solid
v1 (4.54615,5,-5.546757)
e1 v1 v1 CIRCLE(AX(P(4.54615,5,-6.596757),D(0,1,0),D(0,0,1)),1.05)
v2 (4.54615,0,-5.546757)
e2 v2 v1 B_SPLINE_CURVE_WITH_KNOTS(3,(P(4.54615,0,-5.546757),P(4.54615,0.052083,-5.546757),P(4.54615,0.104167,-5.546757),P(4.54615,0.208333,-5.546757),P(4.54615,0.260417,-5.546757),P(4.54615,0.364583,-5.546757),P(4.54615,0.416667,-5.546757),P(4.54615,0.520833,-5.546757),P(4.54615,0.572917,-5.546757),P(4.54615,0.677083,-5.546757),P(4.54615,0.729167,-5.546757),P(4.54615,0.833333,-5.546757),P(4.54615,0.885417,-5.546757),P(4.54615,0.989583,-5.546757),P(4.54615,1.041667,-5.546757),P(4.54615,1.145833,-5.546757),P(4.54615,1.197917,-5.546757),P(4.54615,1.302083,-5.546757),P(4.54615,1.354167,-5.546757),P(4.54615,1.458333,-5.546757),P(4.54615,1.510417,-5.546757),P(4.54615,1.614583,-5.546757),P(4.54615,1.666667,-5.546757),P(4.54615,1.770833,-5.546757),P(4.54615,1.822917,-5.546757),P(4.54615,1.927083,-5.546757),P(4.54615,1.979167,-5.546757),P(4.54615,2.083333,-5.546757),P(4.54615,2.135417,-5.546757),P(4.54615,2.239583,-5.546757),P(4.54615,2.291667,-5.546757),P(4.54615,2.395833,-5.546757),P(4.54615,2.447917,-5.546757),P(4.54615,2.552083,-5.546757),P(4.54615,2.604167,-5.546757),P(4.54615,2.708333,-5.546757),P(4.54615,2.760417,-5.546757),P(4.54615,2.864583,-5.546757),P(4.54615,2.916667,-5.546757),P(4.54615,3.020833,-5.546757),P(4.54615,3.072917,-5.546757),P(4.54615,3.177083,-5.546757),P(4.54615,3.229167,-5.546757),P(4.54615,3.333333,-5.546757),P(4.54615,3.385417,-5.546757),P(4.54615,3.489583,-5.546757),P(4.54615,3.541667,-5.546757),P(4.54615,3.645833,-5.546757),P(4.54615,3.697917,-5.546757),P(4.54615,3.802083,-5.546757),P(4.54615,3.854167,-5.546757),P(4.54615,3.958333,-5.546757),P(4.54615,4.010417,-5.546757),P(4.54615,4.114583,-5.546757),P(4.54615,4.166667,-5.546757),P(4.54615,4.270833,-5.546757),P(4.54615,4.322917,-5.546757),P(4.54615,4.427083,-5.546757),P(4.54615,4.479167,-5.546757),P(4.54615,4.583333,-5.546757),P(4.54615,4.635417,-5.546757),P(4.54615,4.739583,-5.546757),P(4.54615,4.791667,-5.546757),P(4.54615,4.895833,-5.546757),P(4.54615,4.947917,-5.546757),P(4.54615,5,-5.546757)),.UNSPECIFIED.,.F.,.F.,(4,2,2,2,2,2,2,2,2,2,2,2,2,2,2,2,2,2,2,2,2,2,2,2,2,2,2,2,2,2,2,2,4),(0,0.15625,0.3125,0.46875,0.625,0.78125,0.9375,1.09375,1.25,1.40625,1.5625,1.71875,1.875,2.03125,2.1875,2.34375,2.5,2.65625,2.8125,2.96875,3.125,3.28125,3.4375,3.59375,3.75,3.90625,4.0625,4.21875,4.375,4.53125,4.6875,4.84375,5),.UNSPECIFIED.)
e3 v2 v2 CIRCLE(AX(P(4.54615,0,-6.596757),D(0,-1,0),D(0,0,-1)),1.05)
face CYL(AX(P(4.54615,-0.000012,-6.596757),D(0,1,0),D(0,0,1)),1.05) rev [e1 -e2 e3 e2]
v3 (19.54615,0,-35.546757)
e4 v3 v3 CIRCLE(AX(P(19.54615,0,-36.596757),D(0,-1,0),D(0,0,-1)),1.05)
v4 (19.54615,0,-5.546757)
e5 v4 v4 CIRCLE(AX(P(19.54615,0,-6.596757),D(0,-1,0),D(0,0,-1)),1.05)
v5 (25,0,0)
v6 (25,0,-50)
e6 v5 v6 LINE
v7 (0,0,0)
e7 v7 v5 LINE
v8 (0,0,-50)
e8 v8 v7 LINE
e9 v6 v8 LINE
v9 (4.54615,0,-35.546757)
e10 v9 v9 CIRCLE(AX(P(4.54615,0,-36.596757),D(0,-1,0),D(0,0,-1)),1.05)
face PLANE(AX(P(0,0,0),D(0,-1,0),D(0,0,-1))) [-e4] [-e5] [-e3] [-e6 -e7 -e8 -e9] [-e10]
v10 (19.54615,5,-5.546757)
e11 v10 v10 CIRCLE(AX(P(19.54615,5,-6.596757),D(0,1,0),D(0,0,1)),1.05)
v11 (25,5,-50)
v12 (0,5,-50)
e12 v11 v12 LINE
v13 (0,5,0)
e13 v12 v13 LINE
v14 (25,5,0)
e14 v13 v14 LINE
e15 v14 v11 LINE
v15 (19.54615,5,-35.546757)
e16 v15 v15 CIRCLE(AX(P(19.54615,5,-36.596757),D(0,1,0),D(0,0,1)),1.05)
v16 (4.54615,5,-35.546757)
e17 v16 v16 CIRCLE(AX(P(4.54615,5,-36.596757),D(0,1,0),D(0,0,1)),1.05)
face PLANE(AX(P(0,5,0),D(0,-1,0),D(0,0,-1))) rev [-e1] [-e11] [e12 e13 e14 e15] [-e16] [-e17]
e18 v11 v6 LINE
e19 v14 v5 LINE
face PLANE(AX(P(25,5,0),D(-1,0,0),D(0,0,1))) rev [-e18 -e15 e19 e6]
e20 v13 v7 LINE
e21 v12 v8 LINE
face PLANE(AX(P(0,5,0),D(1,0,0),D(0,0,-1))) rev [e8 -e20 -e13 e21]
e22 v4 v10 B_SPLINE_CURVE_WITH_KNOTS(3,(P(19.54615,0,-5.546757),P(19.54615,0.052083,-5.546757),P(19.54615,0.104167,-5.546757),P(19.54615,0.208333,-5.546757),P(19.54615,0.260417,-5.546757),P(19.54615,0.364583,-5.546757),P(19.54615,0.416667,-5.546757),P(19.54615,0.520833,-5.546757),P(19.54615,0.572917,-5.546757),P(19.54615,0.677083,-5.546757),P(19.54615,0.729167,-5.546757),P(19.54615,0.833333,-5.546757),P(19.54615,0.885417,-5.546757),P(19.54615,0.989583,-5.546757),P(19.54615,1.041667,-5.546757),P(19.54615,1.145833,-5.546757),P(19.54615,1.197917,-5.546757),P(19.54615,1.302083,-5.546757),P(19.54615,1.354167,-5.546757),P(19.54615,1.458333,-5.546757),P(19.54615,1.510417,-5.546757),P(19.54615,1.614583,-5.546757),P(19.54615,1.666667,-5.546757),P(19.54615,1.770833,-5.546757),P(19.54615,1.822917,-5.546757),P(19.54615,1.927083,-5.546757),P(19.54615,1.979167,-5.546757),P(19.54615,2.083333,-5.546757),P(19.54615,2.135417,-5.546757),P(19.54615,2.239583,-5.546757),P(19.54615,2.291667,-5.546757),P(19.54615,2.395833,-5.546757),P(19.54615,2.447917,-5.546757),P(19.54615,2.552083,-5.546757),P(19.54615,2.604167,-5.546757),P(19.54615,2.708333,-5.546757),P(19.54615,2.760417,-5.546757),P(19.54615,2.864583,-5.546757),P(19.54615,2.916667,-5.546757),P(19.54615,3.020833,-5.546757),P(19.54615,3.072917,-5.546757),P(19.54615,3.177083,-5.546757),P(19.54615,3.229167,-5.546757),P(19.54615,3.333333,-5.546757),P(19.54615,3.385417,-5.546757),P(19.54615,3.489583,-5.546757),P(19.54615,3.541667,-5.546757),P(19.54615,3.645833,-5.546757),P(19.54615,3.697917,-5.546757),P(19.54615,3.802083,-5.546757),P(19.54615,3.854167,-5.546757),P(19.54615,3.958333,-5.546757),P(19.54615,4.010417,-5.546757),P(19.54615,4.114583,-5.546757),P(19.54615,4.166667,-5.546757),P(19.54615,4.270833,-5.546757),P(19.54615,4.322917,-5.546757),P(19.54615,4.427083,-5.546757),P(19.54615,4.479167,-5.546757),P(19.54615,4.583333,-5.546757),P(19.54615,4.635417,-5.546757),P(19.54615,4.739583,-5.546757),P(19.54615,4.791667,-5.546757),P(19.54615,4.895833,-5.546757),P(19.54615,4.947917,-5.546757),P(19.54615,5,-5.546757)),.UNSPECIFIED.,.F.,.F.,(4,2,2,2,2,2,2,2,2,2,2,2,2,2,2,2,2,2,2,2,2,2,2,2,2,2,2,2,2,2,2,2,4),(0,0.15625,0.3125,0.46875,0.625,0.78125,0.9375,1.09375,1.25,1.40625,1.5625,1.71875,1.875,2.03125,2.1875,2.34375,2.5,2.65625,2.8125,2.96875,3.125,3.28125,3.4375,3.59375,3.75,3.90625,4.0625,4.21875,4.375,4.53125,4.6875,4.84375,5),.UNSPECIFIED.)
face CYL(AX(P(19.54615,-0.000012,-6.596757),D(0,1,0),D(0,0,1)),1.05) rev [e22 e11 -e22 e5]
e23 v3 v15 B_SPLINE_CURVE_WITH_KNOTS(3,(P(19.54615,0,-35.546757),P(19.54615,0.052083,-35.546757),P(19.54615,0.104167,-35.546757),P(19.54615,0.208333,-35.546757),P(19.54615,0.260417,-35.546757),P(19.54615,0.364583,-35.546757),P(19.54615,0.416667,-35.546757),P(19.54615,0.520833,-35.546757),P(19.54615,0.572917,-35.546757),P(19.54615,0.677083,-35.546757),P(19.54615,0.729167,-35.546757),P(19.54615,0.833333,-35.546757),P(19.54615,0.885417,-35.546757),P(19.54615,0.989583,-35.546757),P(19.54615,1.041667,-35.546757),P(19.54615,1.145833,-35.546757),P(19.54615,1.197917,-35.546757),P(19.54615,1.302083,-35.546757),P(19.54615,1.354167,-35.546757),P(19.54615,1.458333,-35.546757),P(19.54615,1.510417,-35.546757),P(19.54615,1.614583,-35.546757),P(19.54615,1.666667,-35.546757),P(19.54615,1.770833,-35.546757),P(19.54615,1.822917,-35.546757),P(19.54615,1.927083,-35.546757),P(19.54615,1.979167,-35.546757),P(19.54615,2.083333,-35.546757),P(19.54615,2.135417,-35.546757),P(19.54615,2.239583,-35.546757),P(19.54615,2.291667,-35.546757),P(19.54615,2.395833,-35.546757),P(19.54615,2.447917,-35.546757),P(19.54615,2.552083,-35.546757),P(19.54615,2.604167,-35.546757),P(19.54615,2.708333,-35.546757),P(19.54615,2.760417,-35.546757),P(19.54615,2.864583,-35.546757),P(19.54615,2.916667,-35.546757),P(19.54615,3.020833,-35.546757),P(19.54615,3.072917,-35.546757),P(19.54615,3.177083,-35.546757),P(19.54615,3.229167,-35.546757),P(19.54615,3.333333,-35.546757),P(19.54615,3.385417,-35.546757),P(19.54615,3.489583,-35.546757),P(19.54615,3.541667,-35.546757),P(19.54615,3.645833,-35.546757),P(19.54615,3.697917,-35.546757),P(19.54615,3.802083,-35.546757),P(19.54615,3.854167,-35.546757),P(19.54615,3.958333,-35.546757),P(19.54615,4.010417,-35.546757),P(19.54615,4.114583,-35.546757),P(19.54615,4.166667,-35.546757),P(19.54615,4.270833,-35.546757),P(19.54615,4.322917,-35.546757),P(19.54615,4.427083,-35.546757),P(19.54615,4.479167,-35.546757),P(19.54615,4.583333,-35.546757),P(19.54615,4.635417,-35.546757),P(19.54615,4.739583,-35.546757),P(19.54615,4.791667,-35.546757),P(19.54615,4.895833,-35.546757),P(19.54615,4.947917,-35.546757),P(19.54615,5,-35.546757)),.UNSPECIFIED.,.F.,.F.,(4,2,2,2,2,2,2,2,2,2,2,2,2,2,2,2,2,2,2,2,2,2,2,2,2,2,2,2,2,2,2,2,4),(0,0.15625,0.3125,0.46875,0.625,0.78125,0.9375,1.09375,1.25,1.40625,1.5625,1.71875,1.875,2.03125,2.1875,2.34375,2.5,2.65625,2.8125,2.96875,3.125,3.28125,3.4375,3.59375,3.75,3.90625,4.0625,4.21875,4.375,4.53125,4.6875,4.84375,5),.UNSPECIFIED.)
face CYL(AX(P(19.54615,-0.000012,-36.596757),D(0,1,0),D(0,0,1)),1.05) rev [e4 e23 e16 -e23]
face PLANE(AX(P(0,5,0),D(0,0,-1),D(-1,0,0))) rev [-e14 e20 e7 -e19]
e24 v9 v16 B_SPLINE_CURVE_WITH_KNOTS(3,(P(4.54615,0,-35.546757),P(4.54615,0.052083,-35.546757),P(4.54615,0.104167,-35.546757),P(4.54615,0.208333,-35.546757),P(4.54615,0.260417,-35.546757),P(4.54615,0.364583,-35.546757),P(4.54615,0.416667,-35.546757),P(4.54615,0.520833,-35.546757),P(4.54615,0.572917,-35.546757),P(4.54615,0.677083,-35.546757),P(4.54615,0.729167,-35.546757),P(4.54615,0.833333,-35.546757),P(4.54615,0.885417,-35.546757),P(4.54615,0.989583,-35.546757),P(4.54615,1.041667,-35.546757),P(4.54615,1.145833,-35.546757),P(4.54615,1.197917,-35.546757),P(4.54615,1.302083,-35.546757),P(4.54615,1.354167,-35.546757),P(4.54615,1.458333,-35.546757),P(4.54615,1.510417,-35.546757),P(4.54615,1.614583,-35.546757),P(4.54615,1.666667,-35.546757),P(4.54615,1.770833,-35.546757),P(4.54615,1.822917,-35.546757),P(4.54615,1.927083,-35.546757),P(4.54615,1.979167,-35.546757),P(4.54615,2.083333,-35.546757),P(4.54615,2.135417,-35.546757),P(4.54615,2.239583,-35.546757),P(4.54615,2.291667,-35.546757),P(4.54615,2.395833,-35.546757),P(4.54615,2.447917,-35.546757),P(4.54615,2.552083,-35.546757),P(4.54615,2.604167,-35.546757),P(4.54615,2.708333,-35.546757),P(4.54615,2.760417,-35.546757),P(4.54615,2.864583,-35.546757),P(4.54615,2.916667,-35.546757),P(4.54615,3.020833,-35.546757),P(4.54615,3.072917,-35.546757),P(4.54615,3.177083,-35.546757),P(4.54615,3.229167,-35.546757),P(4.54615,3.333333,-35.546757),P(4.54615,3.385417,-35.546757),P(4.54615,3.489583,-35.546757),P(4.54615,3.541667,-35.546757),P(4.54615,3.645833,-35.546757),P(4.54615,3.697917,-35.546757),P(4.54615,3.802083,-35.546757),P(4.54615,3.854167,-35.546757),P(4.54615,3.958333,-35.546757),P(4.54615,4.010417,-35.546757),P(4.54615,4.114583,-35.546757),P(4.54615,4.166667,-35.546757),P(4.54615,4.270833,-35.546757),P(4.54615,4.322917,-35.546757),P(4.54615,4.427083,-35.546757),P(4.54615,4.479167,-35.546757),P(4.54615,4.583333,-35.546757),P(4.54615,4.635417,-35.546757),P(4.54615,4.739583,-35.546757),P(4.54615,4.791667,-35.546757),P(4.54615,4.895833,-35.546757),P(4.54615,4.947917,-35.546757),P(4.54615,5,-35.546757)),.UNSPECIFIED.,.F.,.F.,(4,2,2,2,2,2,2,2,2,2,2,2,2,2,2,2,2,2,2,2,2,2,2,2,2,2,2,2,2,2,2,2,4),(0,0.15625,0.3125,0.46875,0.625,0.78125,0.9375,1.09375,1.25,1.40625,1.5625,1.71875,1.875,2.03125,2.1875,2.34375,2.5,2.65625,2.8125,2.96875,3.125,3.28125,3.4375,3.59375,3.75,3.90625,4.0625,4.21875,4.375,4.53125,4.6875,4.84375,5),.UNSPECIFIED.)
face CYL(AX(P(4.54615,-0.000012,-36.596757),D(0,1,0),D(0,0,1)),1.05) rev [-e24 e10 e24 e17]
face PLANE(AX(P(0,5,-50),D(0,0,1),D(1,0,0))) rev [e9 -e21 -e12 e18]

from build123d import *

# Parameters (mm, degrees)
SKETCH3_W               = 25
SKETCH3_H               = 50
BOSS_EXTRUDE2_DEPTH     = 5
CUT_EXTRUDE3_DEPTH      = 57.124860802
CUT_EXTRUDE3_DEPTH_BACK = 57.124860802
SKETCH4_R               = 1.05


with BuildPart() as part:
    # Sketch3 → Boss-Extrude2 (new body)
    with BuildSketch(Plane(origin=(0, 0, 0), x_dir=(1, 0, 0), z_dir=(0, 1, 0))):
        with Locations((12.5, 25)):
            Rectangle(SKETCH3_W, SKETCH3_H)
    extrude(amount=BOSS_EXTRUDE2_DEPTH)

    # Sketch4 → Cut-Extrude3 (cut, two sides: drawn at the far end of the back side and taken through both)
    with BuildSketch(Plane(origin=(0, 0, 0), x_dir=(1, 0, 0), z_dir=(0, 1, 0)).offset(-CUT_EXTRUDE3_DEPTH_BACK)):
        with Locations(Location((4.546150035, 6.596756963, 0), (0, 0, 270))):
            Circle(SKETCH4_R)
        with Locations(Location((4.546150035, 36.596756963, 0), (0, 0, 270))):
            Circle(SKETCH4_R)
        with Locations(Location((19.546150035, 36.596756963, 0), (0, 0, 270))):
            Circle(SKETCH4_R)
        with Locations(Location((19.546150035, 6.596756963, 0), (0, 0, 270))):
            Circle(SKETCH4_R)
    extrude(amount=CUT_EXTRUDE3_DEPTH + CUT_EXTRUDE3_DEPTH_BACK, mode=Mode.SUBTRACT)


solid = part.part
